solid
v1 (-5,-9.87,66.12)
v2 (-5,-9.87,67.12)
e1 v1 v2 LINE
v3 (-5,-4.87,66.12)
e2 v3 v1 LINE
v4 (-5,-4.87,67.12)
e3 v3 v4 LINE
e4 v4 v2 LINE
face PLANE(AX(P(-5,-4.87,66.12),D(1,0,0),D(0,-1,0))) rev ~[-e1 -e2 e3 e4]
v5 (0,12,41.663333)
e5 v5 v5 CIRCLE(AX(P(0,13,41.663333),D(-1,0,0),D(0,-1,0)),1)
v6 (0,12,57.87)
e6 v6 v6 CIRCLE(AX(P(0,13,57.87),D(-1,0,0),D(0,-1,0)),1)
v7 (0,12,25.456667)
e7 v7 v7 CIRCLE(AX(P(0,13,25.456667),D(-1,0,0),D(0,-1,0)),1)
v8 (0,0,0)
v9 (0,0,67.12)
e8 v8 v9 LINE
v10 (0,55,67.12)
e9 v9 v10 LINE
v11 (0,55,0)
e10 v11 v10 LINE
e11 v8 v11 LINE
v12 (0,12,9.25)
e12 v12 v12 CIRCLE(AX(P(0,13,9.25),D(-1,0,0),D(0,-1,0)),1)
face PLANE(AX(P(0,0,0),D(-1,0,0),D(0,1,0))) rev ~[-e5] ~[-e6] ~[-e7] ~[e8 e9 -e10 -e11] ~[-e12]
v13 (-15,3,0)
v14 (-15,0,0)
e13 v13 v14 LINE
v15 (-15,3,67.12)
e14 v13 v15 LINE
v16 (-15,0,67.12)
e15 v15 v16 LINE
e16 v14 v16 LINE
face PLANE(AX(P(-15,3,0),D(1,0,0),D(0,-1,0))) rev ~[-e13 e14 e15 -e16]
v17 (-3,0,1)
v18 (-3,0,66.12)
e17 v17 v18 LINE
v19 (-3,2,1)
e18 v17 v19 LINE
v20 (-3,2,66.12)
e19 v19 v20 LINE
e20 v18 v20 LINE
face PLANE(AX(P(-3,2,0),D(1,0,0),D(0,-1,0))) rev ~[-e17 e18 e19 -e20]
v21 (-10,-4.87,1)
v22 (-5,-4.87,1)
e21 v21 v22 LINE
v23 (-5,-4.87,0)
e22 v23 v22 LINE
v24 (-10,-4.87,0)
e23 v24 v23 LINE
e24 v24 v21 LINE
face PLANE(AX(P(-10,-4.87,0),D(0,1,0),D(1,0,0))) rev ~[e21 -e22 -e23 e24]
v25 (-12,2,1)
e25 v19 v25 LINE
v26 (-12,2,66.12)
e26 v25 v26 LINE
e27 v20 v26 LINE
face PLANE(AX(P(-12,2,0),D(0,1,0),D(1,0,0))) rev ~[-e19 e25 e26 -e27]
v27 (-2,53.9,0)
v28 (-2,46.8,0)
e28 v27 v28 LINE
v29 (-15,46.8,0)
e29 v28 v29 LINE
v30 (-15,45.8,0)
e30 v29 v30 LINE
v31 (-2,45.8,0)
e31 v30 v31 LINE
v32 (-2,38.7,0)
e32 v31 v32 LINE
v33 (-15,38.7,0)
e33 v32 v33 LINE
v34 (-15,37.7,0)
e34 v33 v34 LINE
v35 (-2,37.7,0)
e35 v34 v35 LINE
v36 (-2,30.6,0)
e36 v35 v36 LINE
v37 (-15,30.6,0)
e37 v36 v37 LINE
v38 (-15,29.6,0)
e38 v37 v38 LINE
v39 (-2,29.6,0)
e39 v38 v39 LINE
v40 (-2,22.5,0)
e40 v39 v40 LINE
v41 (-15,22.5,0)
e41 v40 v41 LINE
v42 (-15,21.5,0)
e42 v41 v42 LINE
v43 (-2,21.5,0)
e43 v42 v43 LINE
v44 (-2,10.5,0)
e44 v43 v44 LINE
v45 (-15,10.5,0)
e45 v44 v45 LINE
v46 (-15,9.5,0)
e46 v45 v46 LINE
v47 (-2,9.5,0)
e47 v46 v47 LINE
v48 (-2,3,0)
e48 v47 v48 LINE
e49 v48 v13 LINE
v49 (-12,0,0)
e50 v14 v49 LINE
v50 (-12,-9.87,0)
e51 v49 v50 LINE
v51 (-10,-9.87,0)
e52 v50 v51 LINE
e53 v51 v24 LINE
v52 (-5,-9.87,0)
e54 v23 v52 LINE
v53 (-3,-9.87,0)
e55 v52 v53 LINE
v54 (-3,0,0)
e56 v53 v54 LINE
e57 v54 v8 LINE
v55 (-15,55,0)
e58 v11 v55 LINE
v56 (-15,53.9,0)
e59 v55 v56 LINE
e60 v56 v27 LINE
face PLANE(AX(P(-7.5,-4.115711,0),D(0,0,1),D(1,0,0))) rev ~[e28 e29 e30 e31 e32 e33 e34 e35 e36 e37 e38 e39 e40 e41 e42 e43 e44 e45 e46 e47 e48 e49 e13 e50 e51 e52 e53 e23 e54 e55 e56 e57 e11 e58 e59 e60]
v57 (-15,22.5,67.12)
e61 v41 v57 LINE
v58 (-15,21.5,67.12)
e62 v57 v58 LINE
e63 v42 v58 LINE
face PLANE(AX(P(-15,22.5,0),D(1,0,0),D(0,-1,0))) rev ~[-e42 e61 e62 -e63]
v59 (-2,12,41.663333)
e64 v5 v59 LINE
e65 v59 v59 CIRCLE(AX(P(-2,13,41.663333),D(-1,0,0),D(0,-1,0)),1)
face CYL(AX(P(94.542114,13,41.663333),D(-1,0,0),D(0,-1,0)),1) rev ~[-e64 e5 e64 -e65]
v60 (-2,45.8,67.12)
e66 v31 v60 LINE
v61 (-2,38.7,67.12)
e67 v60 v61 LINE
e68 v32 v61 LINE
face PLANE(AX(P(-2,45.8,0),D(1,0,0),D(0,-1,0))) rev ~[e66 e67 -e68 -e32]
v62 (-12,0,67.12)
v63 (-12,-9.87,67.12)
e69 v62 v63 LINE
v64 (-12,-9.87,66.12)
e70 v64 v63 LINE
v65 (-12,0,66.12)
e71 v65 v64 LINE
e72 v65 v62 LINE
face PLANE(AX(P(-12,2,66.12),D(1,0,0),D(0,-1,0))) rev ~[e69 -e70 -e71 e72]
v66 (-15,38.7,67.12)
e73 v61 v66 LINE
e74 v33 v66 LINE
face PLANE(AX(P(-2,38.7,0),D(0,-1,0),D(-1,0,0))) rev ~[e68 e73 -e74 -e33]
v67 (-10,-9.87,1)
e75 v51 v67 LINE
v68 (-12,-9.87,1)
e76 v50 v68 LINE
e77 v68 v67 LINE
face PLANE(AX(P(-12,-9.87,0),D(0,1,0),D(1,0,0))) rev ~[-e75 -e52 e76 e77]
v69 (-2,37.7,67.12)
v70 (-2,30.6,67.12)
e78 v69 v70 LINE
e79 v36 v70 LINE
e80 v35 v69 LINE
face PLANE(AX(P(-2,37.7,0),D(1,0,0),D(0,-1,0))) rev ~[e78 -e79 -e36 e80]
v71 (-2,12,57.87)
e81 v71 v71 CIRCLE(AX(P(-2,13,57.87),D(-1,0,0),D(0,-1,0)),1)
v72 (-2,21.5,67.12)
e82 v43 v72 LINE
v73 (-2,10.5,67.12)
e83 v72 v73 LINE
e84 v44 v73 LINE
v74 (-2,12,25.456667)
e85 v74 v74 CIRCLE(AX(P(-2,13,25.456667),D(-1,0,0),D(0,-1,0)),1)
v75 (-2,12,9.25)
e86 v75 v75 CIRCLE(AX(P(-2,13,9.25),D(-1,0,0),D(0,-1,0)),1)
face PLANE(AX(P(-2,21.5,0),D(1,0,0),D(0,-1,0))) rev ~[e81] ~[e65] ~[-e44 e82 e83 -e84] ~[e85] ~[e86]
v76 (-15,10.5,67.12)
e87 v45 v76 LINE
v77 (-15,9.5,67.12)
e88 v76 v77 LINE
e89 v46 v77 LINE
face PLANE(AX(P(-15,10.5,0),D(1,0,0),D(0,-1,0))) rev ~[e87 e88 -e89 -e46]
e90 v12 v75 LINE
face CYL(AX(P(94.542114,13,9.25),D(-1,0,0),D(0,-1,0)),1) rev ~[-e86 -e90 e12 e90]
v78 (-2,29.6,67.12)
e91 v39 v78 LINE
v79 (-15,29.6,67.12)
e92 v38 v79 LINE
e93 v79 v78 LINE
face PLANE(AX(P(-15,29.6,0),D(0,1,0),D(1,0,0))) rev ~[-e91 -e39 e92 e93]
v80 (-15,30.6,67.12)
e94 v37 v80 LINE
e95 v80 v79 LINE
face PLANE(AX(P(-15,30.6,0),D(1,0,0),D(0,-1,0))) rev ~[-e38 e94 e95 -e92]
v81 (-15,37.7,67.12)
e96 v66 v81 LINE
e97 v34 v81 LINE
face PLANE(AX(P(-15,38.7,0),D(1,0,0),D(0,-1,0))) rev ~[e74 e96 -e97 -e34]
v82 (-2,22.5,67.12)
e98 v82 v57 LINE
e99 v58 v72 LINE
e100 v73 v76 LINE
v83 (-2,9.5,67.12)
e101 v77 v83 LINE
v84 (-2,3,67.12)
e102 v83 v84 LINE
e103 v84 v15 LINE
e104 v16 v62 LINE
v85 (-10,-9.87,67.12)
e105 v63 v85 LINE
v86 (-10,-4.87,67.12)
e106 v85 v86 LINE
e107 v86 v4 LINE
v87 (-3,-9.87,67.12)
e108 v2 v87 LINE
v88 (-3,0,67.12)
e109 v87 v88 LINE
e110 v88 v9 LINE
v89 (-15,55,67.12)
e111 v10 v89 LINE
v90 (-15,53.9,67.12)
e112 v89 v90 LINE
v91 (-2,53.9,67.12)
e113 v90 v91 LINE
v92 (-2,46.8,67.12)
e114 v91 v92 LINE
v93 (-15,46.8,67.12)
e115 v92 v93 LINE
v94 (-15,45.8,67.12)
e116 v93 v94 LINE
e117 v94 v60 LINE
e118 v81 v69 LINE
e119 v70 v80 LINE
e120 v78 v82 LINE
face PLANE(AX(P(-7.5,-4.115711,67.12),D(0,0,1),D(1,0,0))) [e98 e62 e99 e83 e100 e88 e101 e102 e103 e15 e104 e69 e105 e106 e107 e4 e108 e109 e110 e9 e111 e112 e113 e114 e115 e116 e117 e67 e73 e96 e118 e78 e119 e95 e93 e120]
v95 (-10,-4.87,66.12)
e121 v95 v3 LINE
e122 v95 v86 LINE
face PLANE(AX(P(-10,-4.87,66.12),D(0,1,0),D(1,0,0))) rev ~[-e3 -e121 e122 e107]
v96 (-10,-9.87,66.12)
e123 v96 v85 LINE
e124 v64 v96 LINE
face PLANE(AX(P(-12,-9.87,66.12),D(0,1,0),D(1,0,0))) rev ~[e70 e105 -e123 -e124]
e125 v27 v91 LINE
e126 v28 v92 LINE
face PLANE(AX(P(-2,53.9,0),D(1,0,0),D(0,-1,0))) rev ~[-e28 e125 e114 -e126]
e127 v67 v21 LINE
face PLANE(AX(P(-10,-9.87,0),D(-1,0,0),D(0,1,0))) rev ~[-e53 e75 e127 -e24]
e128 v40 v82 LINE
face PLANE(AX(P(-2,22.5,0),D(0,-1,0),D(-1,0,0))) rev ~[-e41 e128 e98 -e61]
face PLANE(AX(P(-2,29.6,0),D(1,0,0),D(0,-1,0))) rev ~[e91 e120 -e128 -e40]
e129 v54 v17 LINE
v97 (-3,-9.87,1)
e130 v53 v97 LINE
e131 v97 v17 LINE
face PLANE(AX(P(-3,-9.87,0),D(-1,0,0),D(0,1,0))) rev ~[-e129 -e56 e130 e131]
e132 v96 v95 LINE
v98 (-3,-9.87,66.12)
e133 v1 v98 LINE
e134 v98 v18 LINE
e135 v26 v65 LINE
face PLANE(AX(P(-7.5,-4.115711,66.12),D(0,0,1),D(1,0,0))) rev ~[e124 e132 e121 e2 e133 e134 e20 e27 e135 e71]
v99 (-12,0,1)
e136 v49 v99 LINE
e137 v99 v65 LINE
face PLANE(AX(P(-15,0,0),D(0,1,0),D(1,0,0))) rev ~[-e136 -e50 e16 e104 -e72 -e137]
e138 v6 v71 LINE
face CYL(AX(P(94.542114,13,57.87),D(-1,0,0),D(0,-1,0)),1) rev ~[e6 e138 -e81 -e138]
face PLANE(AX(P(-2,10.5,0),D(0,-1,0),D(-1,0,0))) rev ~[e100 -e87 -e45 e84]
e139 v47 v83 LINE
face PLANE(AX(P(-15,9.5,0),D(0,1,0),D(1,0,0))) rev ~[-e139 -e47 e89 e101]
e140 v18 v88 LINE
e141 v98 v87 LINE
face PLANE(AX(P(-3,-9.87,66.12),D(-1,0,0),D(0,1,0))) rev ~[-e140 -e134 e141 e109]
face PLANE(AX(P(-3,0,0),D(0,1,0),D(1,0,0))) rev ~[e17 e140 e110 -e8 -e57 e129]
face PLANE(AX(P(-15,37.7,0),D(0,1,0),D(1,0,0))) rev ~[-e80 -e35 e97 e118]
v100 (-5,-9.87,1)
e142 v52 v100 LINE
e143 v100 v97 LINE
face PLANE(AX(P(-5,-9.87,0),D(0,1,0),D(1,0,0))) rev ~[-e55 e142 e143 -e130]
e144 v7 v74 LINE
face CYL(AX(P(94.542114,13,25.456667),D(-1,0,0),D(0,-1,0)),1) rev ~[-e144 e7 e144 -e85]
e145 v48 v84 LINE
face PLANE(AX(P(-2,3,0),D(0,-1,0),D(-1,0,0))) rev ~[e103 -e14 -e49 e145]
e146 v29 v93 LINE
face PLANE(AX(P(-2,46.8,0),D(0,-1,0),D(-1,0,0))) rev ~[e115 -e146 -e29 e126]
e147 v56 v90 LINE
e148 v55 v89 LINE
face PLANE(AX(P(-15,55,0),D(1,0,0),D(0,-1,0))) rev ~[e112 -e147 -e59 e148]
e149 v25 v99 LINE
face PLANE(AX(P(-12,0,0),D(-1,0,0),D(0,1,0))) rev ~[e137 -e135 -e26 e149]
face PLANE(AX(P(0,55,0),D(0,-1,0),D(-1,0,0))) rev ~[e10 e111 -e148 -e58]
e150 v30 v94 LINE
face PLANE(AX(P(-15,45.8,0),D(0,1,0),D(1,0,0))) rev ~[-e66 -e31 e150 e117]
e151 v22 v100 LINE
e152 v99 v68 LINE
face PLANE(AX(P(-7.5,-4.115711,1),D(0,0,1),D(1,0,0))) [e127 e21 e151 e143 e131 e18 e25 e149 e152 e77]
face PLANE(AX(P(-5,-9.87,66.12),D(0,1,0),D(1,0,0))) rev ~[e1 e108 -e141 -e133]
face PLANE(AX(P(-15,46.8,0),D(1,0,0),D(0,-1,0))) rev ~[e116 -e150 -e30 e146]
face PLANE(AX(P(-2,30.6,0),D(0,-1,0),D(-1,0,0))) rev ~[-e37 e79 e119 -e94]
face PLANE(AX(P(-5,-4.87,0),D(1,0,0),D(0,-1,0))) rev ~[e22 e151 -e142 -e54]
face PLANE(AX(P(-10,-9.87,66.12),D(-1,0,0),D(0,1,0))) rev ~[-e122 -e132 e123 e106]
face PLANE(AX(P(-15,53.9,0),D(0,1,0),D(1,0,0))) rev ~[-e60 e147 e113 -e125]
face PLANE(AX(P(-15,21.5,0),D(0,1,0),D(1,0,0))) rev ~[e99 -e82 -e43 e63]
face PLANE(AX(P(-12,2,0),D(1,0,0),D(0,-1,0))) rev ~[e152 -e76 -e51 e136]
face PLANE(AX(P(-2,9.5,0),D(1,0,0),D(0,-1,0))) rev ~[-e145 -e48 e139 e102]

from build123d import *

# Parameters (mm, degrees)
F1_DEPTH = 67.12
F2_DEPTH = 1
F3_START = 66.12
F3_DEPTH = 1
F5_D     = 2


with BuildPart() as f1:
    # F0 (on Top) → F1 (new body)
    with BuildSketch(Plane.XY):
        Polygon((0, 0), (0, 55), (-15, 55), (-15, 54.9), (-15, 53.9), (-2, 53.9), (-2, 46.8), (-15, 46.8), (-15, 45.8), (-2, 45.8), (-2, 38.7), (-15, 38.7), (-15, 37.7), (-2, 37.7), (-2, 30.6), (-15, 30.6), (-15, 29.6), (-2, 29.6), (-2, 22.5), (-15, 22.5), (-15, 21.5), (-2, 21.5), (-2, 10.5), (-15, 10.5), (-15, 9.5), (-2, 9.5), (-2, 3), (-15, 3), (-15, 0), (-12, 0), (-12, 2), (-3, 2), (-3, 0), align=None)
    extrude(amount=F1_DEPTH)

    # F0 (on Top) → F2 (join)
    with BuildSketch(Plane.XY):
        Polygon((-3, -9.87), (-3, 0), (-3, 2), (-12, 2), (-12, 0), (-12, -9.87), (-10, -9.87), (-10, -4.87), (-5, -4.87), (-5, -9.87), align=None)
    extrude(amount=F2_DEPTH)

    # F0 (on Top) → F3 (join)
    with BuildSketch(Plane.XY.offset(F3_START)):
        Polygon((-3, -9.87), (-3, 0), (-3, 2), (-12, 2), (-12, 0), (-12, -9.87), (-10, -9.87), (-10, -4.87), (-5, -4.87), (-5, -9.87), align=None)
    extrude(amount=F3_DEPTH)

    # F5 (through all)
    with Locations(Plane.YZ):
        with Locations((13, 57.87), (13, 41.6633333333), (13, 25.4566666667), (13, 9.25)):
            Hole(F5_D / 2)


solid = f1.part
